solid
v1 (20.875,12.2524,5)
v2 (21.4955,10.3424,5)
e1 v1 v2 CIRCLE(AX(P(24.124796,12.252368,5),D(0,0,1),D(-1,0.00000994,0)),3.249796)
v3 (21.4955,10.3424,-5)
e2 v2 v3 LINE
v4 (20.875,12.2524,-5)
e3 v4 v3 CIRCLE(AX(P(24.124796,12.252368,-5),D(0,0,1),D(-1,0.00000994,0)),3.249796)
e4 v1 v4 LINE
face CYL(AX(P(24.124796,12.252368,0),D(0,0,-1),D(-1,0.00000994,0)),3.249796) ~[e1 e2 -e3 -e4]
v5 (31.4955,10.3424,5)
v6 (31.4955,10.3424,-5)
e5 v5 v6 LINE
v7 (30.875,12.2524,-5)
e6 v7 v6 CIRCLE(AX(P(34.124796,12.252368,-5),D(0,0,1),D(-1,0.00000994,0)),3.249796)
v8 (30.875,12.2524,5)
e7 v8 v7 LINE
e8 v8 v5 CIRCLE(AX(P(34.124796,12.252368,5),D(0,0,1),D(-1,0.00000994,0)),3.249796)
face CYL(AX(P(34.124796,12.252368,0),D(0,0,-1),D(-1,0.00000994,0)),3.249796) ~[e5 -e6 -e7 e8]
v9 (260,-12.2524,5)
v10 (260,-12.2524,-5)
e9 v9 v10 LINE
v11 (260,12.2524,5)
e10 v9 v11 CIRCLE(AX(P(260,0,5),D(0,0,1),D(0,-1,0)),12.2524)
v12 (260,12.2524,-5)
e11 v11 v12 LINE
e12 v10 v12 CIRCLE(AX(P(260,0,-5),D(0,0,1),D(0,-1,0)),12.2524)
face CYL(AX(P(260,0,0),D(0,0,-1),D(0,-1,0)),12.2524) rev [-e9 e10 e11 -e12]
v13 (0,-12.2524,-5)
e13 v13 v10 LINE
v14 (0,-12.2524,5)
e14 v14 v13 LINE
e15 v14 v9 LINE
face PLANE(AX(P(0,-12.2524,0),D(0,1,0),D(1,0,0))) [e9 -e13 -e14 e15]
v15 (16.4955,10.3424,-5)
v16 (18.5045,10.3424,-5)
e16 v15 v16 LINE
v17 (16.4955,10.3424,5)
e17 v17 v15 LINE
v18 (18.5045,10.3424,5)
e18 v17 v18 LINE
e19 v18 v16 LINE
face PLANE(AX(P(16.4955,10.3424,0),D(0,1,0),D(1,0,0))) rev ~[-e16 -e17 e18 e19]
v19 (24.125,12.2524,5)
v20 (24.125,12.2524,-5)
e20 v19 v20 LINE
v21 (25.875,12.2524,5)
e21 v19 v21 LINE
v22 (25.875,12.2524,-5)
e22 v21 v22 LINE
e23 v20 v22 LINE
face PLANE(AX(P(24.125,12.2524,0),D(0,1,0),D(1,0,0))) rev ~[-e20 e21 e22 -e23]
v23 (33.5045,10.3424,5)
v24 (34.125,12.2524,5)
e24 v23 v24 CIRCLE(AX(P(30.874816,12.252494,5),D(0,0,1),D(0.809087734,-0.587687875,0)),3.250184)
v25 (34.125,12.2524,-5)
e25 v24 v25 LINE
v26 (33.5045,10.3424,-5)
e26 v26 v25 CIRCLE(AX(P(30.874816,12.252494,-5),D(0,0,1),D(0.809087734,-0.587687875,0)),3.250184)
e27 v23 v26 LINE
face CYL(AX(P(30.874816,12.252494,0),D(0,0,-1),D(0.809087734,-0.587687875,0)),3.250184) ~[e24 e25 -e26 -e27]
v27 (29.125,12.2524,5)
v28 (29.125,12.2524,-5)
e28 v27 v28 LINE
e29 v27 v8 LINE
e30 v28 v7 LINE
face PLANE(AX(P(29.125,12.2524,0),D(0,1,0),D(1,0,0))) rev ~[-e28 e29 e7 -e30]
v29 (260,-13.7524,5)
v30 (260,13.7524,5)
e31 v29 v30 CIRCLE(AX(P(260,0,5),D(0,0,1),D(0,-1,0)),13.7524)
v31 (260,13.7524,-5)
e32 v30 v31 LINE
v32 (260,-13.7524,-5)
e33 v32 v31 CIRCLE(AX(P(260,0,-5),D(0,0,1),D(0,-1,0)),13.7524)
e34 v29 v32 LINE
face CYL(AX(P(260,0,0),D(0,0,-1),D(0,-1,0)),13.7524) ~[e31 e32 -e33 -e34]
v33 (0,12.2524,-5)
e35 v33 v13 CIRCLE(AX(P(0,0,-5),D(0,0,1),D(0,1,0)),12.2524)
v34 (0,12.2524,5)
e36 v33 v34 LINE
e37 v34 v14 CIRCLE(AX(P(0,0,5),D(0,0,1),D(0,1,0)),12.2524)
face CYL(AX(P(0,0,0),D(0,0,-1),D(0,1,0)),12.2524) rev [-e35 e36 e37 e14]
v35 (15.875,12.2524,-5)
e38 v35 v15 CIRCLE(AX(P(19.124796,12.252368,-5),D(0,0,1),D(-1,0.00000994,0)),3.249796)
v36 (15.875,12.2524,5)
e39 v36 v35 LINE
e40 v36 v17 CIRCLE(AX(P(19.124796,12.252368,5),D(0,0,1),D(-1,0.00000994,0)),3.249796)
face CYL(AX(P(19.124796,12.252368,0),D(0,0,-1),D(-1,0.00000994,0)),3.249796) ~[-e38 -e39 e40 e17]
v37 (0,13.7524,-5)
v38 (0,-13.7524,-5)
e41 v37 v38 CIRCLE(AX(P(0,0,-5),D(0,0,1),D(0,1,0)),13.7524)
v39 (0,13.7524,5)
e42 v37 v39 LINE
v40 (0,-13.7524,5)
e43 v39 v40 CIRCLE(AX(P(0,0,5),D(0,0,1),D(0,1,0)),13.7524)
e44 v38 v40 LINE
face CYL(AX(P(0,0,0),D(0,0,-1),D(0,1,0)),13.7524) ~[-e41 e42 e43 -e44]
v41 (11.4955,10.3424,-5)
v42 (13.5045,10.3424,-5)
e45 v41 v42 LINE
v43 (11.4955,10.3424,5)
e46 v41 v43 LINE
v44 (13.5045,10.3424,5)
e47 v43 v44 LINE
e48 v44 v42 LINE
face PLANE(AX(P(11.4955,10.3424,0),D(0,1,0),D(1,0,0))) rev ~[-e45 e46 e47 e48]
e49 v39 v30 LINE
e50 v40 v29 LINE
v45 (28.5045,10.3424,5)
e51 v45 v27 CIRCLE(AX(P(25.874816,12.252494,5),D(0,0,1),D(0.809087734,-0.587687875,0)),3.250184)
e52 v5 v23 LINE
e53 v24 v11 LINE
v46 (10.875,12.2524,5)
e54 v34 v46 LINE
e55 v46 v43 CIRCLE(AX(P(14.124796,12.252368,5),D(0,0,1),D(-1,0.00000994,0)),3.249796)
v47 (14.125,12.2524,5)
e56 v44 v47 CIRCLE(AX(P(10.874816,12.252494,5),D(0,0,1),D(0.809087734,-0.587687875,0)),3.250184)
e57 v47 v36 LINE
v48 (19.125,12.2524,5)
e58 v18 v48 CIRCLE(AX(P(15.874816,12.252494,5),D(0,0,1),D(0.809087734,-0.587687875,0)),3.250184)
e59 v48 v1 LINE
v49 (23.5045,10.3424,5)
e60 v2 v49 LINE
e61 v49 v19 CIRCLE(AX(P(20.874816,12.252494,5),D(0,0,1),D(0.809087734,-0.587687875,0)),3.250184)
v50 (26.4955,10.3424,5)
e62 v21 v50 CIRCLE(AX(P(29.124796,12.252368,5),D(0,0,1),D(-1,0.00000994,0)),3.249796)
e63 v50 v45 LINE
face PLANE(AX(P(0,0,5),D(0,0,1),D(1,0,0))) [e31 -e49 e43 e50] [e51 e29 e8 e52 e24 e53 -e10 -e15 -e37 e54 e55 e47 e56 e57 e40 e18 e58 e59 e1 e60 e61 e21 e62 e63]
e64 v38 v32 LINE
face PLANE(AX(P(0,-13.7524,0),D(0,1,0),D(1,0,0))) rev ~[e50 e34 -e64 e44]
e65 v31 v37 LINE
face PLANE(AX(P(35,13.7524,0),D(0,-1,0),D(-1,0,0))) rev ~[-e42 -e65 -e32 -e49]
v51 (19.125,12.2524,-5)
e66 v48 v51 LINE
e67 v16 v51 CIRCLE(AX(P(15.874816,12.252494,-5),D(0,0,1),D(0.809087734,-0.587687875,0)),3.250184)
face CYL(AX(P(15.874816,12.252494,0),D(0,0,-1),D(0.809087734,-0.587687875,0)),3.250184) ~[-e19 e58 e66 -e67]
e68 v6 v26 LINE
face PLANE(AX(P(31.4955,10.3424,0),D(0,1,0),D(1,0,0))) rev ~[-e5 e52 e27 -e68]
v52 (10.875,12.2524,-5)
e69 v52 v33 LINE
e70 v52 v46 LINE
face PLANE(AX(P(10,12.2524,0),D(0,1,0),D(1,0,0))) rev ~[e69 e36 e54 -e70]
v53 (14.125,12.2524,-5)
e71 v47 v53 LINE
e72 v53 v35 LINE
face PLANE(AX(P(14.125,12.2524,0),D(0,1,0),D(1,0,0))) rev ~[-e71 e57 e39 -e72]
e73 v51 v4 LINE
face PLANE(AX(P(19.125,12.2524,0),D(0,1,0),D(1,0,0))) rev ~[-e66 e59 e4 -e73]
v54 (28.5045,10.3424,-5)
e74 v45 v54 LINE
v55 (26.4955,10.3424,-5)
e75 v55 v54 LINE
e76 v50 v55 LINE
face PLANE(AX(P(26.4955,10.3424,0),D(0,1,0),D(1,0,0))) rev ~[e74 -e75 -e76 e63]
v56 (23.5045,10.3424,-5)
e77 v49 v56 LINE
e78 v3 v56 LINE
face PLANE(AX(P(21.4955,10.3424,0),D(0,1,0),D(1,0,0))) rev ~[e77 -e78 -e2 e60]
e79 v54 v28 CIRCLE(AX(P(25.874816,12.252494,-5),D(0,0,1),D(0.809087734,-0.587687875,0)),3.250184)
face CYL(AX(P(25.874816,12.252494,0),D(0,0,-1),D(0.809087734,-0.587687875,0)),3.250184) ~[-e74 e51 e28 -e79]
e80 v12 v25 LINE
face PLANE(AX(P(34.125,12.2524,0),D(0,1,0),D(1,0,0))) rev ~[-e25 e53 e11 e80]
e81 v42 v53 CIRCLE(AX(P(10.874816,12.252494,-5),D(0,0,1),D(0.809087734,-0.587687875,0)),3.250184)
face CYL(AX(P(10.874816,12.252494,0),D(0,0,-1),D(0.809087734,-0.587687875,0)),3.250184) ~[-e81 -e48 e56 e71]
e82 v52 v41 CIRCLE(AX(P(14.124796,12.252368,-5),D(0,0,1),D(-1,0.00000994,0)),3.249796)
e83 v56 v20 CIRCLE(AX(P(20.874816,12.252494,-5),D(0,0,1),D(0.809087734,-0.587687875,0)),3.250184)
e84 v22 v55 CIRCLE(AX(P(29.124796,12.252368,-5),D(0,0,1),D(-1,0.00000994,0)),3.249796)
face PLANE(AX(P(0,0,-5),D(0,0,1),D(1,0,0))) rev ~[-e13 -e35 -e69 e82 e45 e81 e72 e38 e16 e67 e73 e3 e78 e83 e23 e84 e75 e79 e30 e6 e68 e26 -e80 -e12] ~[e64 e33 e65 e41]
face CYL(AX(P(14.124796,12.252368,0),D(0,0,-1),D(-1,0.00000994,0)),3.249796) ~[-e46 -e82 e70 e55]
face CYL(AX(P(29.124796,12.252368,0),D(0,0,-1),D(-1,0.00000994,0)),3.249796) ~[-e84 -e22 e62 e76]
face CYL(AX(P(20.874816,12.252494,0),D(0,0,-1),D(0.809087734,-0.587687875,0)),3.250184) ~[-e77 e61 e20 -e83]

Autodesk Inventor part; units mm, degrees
sketch "Sketch_1" plane through (0, 0, 0) normal (0, 0, 1) x (1, 0, 0)
  line L0 (10, 12.2524) -> (10.875, 12.2524)
  arc A0 (10.875, 12.2524) -> (11.4955, 10.3424) centre (14.125, 12.2524) ccw
  line L1 (11.4955, 10.3424) -> (13.5045, 10.3424)
  arc A1 (13.5045, 10.3424) -> (14.125, 12.2524) centre (10.875, 12.2524) ccw
  line L2 (14.125, 12.2524) -> (15.875, 12.2524)
  arc A2 (15.875, 12.2524) -> (16.4955, 10.3424) centre (19.125, 12.2524) ccw
  line L3 (16.4955, 10.3424) -> (18.5045, 10.3424)
  arc A3 (18.5045, 10.3424) -> (19.125, 12.2524) centre (15.875, 12.2524) ccw
  line L4 (19.125, 12.2524) -> (20.875, 12.2524)
  arc A4 (20.875, 12.2524) -> (21.4955, 10.3424) centre (24.125, 12.2524) ccw
  line L5 (21.4955, 10.3424) -> (23.5045, 10.3424)
  arc A5 (23.5045, 10.3424) -> (24.125, 12.2524) centre (20.875, 12.2524) ccw
  line L6 (24.125, 12.2524) -> (25.875, 12.2524)
  arc A6 (25.875, 12.2524) -> (26.4955, 10.3424) centre (29.125, 12.2524) ccw
  line L7 (26.4955, 10.3424) -> (28.5045, 10.3424)
  arc A7 (28.5045, 10.3424) -> (29.125, 12.2524) centre (25.875, 12.2524) ccw
  line L8 (29.125, 12.2524) -> (30.875, 12.2524)
  arc A8 (30.875, 12.2524) -> (31.4955, 10.3424) centre (34.125, 12.2524) ccw
  line L9 (31.4955, 10.3424) -> (33.5045, 10.3424)
  arc A9 (33.5045, 10.3424) -> (34.125, 12.2524) centre (30.875, 12.2524) ccw
  line L10 (34.125, 12.2524) -> (35, 12.2524)
  line L11 (35, 12.2524) -> (35, 13.7524)
  line L12 (35, 13.7524) -> (10, 13.7524)
  line L13 (10, 13.7524) -> (10, 12.2524)
extrude "Extrusion1" add sketch "Sketch_1" along normal mid plane 10
sketch "Sketch_2" plane through (0, 0, 0) normal (0, 0, 1) x (1, 0, 0)
  arc A0 (0, 13.7524) -> (0, -13.7524) centre (0, 0) ccw
  line L0 (0, -13.7524) -> (260, -13.7524)
  arc A1 (260, -13.7524) -> (260, 13.7524) centre (260, 0) ccw
  line L1 (260, 13.7524) -> (0, 13.7524)
  arc A2 (0, 12.2524) -> (0, -12.2524) centre (0, 0) ccw
  line L2 (0, -12.2524) -> (260, -12.2524)
  arc A3 (260, -12.2524) -> (260, 12.2524) centre (260, 0) ccw
  line L3 (260, 12.2524) -> (0, 12.2524)
extrude "Extrusion2" add sketch "Sketch_2" along normal mid plane 10
ref_plane "C1_XY" through (0, 0, 0) normal (0, 0, 1) x (1, 0, 0)
ref_plane "C1_YZ" through (0, 0, 0) normal (1, 0, 0) x (0, 1, 0)
ref_plane "C1_ZX" through (0, 0, 0) normal (0, 1, 0) x (0, 0, 1)
properties part number "HTBN600S5M-100_info-1-16-16"
